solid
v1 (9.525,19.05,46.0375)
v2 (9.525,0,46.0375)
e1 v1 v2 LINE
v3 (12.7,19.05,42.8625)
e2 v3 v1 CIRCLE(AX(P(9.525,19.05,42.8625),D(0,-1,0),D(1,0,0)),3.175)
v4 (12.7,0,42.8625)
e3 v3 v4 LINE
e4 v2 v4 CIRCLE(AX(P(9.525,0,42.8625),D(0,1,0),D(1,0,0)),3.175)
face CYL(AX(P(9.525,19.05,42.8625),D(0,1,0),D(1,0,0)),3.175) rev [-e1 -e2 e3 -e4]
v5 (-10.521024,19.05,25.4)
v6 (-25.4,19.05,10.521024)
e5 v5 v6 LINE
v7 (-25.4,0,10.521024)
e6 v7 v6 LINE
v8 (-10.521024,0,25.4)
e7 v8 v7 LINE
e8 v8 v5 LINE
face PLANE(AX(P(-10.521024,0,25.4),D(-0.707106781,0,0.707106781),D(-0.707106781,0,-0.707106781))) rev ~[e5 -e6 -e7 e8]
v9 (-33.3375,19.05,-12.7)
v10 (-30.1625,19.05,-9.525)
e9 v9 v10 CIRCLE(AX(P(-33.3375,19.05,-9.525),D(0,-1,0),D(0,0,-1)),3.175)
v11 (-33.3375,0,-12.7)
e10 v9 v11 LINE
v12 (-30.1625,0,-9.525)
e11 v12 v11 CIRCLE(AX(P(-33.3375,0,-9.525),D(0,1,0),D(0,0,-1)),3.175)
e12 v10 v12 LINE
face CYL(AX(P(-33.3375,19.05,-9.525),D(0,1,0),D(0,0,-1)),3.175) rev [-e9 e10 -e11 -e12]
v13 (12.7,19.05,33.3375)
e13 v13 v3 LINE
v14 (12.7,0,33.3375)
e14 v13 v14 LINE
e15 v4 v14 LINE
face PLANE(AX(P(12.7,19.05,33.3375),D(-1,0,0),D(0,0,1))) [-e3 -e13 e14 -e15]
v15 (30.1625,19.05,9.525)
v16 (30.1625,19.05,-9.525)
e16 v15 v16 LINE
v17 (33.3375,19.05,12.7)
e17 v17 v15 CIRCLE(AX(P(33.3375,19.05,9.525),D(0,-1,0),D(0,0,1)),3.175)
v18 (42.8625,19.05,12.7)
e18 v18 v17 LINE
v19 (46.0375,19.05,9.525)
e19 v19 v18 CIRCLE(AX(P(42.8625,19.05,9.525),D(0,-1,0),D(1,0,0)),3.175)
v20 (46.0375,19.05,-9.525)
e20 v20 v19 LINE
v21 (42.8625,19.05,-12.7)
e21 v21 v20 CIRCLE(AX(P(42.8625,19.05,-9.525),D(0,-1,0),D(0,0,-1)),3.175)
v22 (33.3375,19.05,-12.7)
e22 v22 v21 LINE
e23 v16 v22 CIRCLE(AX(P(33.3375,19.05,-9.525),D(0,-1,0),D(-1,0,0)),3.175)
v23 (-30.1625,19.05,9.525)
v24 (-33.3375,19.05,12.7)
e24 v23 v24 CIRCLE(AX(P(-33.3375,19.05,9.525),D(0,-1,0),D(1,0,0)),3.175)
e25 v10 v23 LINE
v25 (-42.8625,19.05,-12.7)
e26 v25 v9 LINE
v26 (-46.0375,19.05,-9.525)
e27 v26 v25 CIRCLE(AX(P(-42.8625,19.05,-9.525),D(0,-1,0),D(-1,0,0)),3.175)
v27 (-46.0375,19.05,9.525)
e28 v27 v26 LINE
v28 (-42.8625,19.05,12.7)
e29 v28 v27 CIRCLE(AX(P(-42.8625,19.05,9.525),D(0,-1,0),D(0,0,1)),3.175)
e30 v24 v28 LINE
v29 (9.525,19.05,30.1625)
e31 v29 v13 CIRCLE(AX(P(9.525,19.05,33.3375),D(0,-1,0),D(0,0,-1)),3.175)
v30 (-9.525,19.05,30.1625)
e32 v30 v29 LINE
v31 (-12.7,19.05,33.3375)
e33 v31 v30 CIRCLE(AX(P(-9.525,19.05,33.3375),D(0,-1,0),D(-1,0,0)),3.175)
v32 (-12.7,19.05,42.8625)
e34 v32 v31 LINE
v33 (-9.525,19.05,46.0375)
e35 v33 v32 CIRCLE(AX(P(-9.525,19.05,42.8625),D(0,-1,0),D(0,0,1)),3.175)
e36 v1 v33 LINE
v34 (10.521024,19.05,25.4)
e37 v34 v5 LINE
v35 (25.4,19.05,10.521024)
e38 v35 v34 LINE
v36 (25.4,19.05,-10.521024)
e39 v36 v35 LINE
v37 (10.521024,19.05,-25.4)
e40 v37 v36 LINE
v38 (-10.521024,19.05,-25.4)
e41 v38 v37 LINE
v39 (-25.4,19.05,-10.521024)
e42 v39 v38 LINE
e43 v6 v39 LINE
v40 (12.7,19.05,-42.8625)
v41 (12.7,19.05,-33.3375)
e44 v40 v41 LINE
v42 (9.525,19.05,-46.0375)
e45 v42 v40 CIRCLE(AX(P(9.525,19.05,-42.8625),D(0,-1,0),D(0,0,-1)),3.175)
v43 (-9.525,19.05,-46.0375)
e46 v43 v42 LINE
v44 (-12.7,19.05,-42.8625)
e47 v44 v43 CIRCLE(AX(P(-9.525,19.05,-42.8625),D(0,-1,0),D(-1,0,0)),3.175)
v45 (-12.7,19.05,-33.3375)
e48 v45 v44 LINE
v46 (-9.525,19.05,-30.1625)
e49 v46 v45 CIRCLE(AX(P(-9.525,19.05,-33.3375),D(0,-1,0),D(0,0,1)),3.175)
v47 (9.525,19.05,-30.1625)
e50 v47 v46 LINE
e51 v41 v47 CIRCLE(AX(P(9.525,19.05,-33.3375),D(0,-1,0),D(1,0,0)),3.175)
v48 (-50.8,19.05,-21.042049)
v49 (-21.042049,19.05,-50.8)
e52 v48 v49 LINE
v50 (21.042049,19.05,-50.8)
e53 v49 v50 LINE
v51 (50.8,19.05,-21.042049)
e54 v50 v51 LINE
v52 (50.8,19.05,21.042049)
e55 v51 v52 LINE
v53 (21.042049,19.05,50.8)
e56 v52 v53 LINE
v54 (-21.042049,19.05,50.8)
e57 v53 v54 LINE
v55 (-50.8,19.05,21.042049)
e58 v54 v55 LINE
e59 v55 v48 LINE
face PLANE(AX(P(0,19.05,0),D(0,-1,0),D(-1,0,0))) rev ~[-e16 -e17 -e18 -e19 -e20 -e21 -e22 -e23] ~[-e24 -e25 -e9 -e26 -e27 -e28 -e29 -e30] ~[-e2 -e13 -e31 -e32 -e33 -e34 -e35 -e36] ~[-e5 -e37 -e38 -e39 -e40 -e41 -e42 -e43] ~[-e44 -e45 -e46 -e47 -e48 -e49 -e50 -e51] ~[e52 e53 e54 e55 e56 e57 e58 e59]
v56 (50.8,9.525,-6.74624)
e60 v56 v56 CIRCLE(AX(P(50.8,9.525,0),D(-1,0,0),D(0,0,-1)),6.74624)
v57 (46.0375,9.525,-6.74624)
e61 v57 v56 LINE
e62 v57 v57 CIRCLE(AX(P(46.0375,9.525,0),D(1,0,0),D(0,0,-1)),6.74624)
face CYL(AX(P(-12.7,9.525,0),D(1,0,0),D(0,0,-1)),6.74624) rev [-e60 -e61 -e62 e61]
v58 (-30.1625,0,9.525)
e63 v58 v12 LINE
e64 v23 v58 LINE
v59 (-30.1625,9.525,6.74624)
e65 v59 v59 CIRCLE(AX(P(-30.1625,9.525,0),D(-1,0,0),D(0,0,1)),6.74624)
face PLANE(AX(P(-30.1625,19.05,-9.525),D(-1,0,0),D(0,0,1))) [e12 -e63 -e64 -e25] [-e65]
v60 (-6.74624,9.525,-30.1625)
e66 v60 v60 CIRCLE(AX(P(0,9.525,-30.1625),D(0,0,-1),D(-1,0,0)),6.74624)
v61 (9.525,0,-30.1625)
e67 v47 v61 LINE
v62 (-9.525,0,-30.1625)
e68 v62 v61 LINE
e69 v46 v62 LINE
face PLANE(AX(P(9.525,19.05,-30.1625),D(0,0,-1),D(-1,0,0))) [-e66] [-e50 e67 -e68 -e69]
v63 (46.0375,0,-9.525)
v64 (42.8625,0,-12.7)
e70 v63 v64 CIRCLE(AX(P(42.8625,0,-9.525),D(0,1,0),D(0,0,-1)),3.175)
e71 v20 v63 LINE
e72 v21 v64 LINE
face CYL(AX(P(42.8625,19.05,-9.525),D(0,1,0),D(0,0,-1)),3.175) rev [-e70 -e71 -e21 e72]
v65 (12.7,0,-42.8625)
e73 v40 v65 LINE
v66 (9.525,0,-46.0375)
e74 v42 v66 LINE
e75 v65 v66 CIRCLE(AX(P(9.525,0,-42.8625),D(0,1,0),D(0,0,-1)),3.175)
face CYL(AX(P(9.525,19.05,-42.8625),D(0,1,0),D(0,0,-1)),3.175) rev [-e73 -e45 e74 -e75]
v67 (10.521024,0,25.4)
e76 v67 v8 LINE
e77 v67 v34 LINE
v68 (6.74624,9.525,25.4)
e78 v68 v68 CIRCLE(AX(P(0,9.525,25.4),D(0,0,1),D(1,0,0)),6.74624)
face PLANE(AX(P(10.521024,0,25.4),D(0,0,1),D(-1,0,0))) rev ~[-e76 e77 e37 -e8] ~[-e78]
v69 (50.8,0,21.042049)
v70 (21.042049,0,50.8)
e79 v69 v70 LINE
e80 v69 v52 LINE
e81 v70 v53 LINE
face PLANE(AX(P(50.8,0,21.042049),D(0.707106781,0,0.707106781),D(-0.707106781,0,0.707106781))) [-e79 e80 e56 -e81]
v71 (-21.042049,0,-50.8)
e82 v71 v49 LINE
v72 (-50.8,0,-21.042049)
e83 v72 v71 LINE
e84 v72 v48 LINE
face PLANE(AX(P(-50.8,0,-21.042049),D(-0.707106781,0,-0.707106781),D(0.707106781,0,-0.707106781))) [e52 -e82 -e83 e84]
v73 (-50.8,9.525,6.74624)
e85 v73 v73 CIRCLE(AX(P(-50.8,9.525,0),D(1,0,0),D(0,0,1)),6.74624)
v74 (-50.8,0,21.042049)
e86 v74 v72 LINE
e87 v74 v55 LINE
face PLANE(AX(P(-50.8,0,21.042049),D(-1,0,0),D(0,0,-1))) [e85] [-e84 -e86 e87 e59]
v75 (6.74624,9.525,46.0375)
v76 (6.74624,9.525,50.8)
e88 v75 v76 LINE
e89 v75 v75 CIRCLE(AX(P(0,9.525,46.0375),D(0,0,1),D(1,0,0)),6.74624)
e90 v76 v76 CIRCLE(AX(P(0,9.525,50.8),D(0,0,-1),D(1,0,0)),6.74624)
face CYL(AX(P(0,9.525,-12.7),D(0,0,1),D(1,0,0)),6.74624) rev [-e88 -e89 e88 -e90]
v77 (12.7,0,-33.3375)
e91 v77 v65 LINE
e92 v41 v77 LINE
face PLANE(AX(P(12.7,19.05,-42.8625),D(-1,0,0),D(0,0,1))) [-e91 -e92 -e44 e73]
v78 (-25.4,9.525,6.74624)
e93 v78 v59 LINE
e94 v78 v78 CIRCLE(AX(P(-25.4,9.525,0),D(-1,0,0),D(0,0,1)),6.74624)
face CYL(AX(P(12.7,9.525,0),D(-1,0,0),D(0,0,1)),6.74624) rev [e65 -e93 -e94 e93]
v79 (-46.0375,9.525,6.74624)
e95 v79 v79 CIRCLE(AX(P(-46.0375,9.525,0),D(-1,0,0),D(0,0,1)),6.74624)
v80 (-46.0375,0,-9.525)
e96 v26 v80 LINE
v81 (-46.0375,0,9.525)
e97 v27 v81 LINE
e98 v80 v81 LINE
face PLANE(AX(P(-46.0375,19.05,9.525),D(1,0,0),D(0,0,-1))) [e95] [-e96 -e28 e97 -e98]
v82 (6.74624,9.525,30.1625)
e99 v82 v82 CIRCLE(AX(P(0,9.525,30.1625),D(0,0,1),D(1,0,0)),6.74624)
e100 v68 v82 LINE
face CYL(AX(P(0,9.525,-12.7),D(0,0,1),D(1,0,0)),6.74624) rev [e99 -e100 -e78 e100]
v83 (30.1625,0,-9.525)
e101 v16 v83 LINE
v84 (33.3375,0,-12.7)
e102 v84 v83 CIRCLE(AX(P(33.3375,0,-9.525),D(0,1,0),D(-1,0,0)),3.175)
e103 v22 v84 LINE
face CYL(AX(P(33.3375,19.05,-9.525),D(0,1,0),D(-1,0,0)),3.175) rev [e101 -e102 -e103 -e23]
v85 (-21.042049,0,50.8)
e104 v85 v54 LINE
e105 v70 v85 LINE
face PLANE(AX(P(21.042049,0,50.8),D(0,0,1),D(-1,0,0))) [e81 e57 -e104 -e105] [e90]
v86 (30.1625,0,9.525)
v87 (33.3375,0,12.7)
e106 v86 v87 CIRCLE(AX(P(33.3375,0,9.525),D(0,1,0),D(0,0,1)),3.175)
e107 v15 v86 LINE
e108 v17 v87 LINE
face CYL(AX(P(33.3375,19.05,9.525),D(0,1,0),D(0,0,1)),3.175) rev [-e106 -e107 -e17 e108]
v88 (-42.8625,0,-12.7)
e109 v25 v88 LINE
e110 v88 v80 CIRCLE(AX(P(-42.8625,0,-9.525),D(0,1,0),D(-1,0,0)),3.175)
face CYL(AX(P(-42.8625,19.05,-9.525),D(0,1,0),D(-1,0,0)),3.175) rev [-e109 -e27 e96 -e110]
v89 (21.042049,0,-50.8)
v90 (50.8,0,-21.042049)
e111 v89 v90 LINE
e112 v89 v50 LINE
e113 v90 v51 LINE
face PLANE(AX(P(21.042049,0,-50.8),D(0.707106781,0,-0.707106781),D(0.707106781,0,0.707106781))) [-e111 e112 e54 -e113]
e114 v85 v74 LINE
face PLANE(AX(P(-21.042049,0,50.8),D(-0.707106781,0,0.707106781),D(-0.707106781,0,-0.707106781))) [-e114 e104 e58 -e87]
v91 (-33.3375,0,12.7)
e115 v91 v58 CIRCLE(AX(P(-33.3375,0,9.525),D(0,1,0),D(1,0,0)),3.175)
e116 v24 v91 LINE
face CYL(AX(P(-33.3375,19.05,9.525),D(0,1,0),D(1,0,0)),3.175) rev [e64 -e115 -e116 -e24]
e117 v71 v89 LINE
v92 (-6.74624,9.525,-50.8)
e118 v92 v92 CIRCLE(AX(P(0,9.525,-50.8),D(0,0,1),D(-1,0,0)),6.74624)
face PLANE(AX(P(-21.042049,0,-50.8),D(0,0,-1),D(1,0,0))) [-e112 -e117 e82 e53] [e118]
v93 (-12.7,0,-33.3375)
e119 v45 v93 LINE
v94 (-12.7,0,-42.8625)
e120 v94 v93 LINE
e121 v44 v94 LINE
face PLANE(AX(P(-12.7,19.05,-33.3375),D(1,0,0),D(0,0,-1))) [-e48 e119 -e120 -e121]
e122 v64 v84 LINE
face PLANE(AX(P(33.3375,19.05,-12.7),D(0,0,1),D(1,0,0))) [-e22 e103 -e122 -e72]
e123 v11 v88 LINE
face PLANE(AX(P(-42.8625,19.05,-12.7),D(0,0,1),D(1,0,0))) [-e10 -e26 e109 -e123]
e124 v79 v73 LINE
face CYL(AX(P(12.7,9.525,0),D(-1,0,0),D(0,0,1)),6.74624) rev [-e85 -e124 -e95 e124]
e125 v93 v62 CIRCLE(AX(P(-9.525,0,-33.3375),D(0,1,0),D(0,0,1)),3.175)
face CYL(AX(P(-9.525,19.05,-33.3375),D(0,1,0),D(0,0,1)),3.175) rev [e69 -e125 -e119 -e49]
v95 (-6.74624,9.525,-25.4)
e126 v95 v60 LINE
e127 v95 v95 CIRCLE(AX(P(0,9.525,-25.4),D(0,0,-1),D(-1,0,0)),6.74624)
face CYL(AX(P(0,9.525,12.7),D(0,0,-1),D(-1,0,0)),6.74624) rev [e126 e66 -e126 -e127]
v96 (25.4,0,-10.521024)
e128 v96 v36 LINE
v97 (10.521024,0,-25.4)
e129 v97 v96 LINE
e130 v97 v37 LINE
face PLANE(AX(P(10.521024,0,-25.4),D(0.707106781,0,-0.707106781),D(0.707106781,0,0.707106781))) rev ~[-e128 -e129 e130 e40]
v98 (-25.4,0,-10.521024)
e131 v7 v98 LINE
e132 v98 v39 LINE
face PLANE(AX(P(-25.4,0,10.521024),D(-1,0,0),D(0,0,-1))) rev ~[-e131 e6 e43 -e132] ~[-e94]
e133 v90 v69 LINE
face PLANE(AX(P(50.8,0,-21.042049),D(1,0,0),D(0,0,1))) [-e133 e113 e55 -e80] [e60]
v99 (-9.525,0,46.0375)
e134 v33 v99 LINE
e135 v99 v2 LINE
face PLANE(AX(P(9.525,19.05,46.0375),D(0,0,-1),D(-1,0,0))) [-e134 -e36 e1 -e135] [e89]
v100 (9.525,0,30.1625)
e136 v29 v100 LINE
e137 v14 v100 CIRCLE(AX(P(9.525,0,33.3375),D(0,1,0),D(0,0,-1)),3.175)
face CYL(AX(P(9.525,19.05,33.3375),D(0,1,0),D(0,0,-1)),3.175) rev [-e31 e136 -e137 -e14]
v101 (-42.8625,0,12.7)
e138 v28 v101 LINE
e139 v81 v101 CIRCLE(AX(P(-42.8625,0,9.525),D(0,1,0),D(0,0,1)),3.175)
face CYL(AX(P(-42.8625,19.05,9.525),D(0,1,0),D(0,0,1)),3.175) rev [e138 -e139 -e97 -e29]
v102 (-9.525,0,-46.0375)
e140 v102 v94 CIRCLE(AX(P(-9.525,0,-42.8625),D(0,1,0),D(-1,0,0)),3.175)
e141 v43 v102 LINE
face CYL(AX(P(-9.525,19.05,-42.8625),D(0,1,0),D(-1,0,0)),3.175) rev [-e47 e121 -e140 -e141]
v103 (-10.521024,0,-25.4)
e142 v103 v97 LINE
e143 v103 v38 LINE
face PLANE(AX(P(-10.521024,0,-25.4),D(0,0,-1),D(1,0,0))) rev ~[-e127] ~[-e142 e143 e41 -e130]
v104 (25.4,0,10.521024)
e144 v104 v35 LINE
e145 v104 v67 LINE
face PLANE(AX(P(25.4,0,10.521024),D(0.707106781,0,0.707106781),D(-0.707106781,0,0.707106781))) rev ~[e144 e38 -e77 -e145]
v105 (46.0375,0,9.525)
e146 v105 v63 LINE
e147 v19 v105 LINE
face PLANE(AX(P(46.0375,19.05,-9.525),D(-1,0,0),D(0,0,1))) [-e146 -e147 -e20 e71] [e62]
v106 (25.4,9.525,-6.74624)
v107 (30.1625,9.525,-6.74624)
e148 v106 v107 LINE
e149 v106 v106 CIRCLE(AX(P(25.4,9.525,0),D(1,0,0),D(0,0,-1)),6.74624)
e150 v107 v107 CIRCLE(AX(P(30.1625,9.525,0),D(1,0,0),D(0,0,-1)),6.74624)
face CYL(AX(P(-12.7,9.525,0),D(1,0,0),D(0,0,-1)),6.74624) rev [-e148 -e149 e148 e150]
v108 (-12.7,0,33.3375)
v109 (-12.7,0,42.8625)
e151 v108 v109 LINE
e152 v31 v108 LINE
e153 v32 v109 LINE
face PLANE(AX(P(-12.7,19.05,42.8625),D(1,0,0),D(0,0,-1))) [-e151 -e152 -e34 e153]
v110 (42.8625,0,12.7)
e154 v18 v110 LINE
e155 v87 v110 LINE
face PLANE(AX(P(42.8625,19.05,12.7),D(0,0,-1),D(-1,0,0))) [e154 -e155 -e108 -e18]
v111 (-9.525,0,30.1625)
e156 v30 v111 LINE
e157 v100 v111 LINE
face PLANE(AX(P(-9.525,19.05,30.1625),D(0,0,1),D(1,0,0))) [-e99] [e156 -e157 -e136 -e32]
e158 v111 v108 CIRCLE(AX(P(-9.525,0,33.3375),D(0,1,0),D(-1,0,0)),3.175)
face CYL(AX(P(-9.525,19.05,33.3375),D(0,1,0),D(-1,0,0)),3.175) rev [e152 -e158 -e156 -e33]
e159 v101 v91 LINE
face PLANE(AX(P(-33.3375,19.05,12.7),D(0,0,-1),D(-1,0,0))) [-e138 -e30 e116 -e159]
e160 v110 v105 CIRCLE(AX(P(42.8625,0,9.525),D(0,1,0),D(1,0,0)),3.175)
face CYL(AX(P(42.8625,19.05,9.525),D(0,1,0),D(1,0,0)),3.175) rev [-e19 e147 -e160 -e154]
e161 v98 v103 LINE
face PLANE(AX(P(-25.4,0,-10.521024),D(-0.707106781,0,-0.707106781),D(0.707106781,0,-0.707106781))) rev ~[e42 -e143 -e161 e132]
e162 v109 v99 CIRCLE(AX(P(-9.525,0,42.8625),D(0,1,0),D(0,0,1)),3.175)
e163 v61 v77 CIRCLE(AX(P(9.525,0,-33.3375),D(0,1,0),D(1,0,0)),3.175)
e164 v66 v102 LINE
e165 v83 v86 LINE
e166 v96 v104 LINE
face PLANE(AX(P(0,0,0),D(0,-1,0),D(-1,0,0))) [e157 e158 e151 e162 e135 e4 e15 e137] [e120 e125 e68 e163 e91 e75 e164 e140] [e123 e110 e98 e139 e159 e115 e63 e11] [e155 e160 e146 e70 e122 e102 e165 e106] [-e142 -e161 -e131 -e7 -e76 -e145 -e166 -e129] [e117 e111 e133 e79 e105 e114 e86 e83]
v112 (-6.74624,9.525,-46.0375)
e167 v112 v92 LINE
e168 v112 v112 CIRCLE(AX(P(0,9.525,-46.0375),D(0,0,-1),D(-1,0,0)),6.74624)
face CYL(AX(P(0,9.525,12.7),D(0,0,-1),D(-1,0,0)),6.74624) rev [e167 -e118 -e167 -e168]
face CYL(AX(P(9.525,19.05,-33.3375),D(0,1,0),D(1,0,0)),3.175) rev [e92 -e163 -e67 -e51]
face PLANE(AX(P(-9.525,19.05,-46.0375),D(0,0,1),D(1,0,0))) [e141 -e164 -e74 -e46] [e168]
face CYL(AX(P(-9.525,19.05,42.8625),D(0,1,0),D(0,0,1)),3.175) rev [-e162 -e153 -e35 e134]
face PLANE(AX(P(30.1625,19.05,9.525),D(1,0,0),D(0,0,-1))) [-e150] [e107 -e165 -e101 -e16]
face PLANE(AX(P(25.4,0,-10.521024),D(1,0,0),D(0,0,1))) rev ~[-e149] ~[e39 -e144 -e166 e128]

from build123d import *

# Parameters (mm, degrees)
BOSS_EXTRUDE1_DEPTH = 19.05
CUT_EXTRUDE1_DEPTH  = 75.324844433
CIRPATTERN1_COUNT   = 4


with BuildPart() as part:
    # Sketch1 → Boss-Extrude1 (new body)
    with BuildSketch(Plane(origin=(0, 0, 0), x_dir=(1, 0, 0), z_dir=(0, 1, 0))):
        Polygon((-50.8, -21.042048969), (-50.8, 21.042048969), (-21.042048969, 50.8), (21.042048969, 50.8), (50.8, 21.042048969), (50.8, -21.042048969), (21.042048969, -50.8), (-21.042048969, -50.8), align=None)
        Polygon((-25.4, 10.521024484), (-10.521024484, 25.4), (10.521024484, 25.4), (25.4, 10.521024484), (25.4, -10.521024484), (10.521024484, -25.4), (-10.521024484, -25.4), (-25.4, -10.521024484), align=None, mode=Mode.SUBTRACT)
    extrude(amount=BOSS_EXTRUDE1_DEPTH)

    # Sketch2 → Cut-Extrude1 (cut, through all)
    with BuildSketch(Plane(origin=(0, 19.05, 0), x_dir=(1, 0, 0), z_dir=(0, 1, 0))):
        with BuildLine():
            Line((33.3375, 12.7), (42.8625, 12.7))
            ThreePointArc((42.8625, 12.7), (45.10756403, 11.77006403), (46.0375, 9.525))
            Line((46.0375, 9.525), (46.0375, -9.525))
            ThreePointArc((46.0375, -9.525), (45.10756403, -11.77006403), (42.8625, -12.7))
            Line((42.8625, -12.7), (33.3375, -12.7))
            ThreePointArc((33.3375, -12.7), (31.09243597, -11.77006403), (30.1625, -9.525))
            Line((30.1625, -9.525), (30.1625, 9.525))
            ThreePointArc((30.1625, 9.525), (31.09243597, 11.77006403), (33.3375, 12.7))
        make_face()
    cut_extrude1 = extrude(amount=-CUT_EXTRUDE1_DEPTH, mode=Mode.SUBTRACT)

    # Sketch4 → 1/2 Clearance Hole1 (revolve, cut)
    with BuildSketch(Plane(origin=(50.8, 9.525, 0), x_dir=(0, 0, -1), z_dir=(0, 1, 0))):
        Polygon((0, 0), (0, 67.553549943), (6.74624, 63.5), (6.74624, 0), align=None)
    f_1_2_clearance_hole1 = revolve(axis=Axis((57.15, 9.525, 0), (-1, 0, 0)), mode=Mode.SUBTRACT)

    # CirPattern1: Cut-Extrude1, 1/2 Clearance Hole1 ×4 about axis
    cirpattern1_axis = Axis((0, -0.9525, 0), (0, 1, 0))
    add([cut_extrude1.rotate(cirpattern1_axis, i * 360 / CIRPATTERN1_COUNT) for i in range(1, CIRPATTERN1_COUNT)], mode=Mode.SUBTRACT)
    add([f_1_2_clearance_hole1.rotate(cirpattern1_axis, i * 360 / CIRPATTERN1_COUNT) for i in range(1, CIRPATTERN1_COUNT)], mode=Mode.SUBTRACT)


solid = part.part
